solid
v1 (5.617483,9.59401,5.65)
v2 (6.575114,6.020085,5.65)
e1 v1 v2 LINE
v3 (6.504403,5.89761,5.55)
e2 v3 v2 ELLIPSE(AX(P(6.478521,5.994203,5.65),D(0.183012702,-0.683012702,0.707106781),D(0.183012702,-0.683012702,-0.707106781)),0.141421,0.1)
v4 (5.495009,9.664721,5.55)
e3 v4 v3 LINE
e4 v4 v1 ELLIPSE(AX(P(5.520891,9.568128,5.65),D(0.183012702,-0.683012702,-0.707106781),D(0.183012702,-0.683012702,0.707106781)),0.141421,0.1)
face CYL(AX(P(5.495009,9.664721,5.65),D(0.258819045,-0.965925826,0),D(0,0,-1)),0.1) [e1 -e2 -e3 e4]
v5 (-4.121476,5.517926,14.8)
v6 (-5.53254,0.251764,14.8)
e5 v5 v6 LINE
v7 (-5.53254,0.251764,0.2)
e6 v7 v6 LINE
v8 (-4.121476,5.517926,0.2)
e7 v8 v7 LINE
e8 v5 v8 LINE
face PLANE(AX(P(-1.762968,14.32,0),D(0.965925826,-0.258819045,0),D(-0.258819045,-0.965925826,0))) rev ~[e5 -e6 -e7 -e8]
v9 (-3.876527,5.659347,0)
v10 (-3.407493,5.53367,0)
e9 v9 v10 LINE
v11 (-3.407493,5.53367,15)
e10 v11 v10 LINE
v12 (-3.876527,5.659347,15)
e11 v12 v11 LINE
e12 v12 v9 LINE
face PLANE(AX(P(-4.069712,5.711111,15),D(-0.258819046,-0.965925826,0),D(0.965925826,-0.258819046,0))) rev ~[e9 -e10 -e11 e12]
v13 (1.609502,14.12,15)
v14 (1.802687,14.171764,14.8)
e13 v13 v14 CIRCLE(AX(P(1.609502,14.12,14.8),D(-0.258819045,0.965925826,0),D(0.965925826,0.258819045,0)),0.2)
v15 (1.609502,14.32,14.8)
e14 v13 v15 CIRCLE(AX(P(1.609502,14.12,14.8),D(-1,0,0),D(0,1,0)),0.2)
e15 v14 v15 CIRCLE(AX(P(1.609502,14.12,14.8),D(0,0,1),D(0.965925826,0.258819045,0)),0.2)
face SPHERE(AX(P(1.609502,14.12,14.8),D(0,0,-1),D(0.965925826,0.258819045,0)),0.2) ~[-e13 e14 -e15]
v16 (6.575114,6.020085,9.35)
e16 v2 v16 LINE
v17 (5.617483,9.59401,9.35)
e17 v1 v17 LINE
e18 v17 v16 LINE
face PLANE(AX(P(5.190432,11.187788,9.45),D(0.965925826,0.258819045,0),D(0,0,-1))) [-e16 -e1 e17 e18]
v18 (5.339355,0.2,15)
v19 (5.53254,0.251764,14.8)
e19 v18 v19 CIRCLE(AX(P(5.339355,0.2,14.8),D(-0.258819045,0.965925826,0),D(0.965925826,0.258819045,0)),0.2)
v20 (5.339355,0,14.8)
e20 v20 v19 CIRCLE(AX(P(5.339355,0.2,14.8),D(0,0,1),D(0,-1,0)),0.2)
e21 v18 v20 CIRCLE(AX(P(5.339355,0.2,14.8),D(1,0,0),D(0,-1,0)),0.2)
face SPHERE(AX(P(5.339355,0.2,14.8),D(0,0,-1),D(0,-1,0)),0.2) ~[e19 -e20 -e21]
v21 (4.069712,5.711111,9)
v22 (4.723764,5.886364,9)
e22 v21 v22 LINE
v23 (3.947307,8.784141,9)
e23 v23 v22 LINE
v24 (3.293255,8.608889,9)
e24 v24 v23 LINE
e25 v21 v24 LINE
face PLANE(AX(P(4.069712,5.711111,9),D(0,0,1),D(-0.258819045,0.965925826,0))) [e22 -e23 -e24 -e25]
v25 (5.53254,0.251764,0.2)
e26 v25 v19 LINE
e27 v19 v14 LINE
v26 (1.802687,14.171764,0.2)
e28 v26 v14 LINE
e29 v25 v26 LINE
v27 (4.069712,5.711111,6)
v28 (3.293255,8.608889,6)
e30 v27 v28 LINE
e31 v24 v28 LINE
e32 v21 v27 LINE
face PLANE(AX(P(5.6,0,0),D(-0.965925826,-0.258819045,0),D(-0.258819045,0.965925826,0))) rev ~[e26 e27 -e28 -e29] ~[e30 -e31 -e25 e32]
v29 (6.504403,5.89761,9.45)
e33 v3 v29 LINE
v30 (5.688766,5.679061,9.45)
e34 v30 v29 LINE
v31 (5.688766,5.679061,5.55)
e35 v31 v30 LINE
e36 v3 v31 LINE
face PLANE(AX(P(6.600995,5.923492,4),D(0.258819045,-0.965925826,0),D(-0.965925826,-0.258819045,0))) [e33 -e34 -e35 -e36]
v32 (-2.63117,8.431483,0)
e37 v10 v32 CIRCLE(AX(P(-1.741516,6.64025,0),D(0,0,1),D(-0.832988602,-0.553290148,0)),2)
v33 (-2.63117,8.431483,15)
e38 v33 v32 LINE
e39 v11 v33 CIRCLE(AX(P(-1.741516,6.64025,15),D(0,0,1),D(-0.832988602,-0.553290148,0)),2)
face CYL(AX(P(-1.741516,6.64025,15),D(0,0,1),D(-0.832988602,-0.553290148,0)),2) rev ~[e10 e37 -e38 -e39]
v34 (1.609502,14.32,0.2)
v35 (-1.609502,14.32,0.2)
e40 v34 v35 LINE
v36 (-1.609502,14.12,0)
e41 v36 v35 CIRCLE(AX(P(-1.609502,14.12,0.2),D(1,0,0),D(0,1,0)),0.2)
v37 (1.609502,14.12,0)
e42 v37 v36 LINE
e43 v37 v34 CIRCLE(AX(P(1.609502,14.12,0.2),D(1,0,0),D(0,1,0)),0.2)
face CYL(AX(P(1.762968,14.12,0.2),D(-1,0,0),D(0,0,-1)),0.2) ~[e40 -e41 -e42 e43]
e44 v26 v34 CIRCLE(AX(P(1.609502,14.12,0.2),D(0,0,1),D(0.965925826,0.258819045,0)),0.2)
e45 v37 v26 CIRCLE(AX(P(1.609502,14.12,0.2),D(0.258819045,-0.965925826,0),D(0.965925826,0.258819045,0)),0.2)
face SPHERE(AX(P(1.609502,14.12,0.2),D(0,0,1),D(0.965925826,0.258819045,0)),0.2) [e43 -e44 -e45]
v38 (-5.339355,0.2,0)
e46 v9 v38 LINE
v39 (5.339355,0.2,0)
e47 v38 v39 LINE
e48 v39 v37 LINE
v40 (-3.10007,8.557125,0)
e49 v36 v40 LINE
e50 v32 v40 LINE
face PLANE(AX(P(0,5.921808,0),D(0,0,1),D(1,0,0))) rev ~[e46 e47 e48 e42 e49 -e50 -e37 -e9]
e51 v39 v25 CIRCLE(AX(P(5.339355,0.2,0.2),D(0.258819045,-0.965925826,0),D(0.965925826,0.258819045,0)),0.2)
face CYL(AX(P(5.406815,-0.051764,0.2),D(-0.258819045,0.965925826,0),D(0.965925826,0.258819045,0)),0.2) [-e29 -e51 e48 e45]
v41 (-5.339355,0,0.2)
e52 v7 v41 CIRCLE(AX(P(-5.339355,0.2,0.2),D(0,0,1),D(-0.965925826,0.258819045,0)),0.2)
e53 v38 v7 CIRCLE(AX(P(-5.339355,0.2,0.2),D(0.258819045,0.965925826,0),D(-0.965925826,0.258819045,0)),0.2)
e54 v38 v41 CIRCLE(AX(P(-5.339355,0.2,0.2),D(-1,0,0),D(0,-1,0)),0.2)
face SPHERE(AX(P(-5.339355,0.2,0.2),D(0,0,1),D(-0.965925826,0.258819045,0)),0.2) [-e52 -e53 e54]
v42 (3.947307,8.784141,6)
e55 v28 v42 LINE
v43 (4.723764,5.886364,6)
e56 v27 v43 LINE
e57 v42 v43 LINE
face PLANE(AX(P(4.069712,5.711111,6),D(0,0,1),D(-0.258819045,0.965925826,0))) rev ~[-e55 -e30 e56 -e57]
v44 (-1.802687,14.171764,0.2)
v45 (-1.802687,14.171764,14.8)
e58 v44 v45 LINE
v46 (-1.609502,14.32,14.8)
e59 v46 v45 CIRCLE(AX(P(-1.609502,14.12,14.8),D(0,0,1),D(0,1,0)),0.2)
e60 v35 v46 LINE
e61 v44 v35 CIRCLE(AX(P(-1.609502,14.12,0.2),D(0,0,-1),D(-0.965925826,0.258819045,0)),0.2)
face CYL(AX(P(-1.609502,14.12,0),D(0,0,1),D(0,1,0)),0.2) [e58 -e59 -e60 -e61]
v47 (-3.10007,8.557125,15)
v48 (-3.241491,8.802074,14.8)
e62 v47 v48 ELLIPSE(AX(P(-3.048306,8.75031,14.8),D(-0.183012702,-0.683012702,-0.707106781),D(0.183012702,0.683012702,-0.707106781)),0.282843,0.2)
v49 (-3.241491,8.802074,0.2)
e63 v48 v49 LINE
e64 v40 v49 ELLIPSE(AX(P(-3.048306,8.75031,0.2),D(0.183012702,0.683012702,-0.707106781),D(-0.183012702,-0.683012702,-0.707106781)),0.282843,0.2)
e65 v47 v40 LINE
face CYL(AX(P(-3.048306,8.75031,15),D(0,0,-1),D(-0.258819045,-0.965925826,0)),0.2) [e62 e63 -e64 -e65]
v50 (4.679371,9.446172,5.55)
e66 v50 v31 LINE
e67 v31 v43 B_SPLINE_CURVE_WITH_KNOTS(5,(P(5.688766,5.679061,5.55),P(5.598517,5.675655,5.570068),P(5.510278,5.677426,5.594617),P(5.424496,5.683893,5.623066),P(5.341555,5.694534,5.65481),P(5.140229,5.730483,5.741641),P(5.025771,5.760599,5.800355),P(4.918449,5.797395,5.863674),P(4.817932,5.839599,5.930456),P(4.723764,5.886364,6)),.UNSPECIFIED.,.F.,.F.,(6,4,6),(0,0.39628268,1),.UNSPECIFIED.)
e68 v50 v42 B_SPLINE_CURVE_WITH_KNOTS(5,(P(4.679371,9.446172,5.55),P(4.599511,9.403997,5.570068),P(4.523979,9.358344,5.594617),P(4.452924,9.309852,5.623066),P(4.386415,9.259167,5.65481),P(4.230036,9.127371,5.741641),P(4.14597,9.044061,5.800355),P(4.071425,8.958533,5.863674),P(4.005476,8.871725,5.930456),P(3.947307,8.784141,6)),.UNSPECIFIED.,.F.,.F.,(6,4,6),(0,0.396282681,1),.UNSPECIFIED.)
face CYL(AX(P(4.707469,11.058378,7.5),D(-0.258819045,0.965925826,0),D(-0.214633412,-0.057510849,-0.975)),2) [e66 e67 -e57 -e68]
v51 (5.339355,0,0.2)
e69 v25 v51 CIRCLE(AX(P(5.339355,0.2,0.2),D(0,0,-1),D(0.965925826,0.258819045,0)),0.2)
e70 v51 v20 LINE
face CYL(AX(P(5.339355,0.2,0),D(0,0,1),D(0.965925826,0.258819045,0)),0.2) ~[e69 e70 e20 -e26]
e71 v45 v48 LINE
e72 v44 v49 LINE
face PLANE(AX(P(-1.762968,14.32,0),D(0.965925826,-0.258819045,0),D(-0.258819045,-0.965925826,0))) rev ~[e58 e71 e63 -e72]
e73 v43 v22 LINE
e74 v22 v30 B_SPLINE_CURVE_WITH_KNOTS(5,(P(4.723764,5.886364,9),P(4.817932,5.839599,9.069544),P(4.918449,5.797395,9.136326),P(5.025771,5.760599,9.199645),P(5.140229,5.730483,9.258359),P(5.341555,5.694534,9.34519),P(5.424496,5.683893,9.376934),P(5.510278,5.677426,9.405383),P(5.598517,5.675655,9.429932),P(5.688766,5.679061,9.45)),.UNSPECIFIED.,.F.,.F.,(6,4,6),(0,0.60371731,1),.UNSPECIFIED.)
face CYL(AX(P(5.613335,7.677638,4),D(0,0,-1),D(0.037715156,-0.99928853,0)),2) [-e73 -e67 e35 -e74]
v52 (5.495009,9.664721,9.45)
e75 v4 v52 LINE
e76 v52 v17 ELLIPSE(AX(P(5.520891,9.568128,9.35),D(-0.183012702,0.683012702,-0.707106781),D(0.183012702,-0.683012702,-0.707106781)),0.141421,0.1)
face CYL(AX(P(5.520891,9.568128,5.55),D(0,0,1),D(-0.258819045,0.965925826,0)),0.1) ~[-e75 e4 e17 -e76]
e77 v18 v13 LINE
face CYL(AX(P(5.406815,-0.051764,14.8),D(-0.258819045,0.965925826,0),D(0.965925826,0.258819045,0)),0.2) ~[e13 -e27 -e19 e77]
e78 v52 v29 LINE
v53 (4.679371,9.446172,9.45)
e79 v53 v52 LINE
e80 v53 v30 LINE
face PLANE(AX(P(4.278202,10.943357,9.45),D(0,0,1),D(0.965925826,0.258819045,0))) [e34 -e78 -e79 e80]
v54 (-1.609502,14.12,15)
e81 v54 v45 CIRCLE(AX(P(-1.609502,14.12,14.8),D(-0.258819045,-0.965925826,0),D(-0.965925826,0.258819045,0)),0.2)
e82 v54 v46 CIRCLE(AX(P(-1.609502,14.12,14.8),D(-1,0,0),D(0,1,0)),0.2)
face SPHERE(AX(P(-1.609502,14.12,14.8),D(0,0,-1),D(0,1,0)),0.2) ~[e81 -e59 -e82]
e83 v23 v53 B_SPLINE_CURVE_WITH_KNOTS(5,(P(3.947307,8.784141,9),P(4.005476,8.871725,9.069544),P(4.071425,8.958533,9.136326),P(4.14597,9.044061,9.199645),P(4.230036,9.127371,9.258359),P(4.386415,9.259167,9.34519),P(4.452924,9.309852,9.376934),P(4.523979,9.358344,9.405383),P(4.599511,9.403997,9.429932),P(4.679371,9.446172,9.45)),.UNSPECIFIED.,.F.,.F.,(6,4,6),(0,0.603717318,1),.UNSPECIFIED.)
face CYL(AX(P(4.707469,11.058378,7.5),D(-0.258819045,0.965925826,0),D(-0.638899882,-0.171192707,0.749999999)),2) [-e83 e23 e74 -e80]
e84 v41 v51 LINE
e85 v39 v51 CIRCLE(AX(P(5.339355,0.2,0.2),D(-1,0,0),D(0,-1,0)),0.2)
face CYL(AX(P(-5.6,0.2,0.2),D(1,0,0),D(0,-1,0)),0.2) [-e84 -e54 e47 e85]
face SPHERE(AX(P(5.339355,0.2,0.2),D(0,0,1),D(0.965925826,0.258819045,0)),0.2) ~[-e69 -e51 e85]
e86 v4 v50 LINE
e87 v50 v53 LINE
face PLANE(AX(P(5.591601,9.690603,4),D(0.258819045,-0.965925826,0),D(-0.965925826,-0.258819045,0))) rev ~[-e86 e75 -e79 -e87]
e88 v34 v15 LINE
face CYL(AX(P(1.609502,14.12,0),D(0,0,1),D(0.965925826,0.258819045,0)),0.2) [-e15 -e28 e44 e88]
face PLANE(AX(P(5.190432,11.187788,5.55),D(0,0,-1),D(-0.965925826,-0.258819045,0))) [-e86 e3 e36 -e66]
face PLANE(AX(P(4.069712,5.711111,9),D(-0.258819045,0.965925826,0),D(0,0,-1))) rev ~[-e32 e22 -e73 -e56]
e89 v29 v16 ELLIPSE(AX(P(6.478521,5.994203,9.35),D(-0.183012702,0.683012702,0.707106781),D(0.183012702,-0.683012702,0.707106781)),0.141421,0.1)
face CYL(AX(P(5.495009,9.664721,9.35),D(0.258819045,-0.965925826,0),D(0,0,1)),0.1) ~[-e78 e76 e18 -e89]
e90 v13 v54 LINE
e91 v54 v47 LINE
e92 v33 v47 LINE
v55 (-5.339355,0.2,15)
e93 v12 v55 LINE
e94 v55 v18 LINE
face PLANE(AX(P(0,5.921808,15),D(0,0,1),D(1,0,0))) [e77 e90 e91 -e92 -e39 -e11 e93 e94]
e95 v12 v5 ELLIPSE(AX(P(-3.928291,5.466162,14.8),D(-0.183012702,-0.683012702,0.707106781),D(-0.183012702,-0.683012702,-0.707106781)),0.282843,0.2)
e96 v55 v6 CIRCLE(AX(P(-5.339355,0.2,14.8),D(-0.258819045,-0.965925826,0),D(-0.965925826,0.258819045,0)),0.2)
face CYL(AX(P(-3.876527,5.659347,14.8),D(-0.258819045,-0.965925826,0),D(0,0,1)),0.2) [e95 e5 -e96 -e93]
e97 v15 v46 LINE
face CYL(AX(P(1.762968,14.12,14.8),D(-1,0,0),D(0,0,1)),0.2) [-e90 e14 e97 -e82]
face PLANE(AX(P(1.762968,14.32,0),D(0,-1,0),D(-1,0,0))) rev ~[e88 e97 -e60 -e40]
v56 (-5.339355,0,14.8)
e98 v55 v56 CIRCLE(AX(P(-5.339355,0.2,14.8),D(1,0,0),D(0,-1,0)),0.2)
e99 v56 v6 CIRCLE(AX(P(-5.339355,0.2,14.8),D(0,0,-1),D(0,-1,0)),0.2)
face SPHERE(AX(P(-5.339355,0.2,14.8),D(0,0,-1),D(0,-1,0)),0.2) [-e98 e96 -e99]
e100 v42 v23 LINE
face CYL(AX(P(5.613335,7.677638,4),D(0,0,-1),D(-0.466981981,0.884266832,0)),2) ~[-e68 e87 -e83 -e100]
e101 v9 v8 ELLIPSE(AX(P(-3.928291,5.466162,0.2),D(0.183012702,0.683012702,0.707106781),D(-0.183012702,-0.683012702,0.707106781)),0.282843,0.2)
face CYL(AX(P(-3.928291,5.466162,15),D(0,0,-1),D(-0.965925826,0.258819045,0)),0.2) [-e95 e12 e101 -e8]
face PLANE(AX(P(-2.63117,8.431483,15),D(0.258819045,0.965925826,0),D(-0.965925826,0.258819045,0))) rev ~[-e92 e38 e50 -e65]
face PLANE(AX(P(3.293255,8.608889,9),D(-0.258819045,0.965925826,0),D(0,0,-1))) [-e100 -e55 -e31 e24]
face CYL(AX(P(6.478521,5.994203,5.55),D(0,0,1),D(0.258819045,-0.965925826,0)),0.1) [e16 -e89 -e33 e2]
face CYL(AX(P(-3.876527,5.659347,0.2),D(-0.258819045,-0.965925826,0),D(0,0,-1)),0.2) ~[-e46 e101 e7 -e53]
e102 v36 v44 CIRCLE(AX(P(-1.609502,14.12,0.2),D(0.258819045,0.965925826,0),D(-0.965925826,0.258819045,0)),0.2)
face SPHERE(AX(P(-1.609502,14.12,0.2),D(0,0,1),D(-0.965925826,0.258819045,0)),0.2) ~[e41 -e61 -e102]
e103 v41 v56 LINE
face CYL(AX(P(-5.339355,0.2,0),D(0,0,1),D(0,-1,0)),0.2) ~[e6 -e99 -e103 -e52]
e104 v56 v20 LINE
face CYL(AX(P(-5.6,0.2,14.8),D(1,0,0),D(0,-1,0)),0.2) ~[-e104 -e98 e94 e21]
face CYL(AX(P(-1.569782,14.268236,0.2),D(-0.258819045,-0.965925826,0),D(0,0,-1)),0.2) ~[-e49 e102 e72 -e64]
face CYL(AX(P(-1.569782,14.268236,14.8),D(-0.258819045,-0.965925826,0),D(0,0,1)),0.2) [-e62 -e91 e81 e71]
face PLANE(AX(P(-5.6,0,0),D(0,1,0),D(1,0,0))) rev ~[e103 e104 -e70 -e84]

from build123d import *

# Parameters (mm, degrees)
EXTRUDE_1_DEPTH           = 15
CUT_EXTRUDE_1_DEPTH       = 15
SKETCH_5_W                = 3
SKETCH_5_H                = 3
EXTRUDE_2_DEPTH           = 0.68
EXTRUDE_3_DEPTH           = 5
EXTRUDE_3_DEPTH_BACK      = 5
CUT_EXTRUDE_11_DEPTH      = 5
CUT_EXTRUDE_11_DEPTH_BACK = 5
FILLET_1_R                = 0.2
FILLET_5_R                = 0.1


with BuildPart() as part:
    # 草图1 → 凸台-拉伸1 (new body)
    with BuildSketch(Plane.XY):
        Polygon((-5.6, 0), (5.6, 0), (1.762967564, 14.32), (-1.762967564, 14.32), align=None)
    extrude(amount=EXTRUDE_1_DEPTH)

    # 草图2 → 切除-拉伸1 (cut)
    with BuildSketch(Plane.XY.offset(15)):
        with BuildLine():
            Line((-3.681483782, 7.16), (-4.06971235, 5.711111261))
            Line((-4.06971235, 5.711111261), (-3.407492768, 5.533670058))
            ThreePointArc((-3.407492768, 5.533670058), (0.190360002, 6.122701516), (-2.631169509, 8.431483409))
            Line((-2.631169509, 8.431483409), (-3.293255215, 8.608888739))
            Line((-3.293255215, 8.608888739), (-3.681483782, 7.16))
        make_face()
    extrude(amount=-CUT_EXTRUDE_1_DEPTH, mode=Mode.SUBTRACT)

    # 草图5 → 凸台-拉伸2 (add)
    with BuildSketch(Plane(origin=(5.224871131, 1.4, 0), x_dir=(0, 0, -1), z_dir=(0.9659258262890671, 0.2588190451025256, 0))):
        with Locations((-7.5, 5.963190799)):
            Rectangle(SKETCH_5_W, SKETCH_5_H)
    extrude(amount=EXTRUDE_2_DEPTH)

    # 草图6 → 凸台-拉伸3 (add, two sides: drawn at the far end of the back side and taken through both)
    with BuildSketch(Plane(origin=(-1.155158781, 4.311111261, 0), x_dir=(0.965925826289067, 0.2588190451025257, 0), z_dir=(0.2588190451025257, -0.965925826289067, 0)).offset(-EXTRUDE_3_DEPTH_BACK)):
        with BuildLine():
            Line((7.909184627, 5.55), (6.964774906, 5.55))
            ThreePointArc((6.964774906, 5.55), (6.497346154, 5.719957697), (6.086308972, 6))
            Line((6.086308972, 6), (6.086308972, 9))
            ThreePointArc((6.086308972, 9), (6.497346154, 9.280042303), (6.964774906, 9.45))
            Line((6.964774906, 9.45), (7.909184627, 9.45))
            Line((7.909184627, 9.45), (7.909184627, 5.55))
        make_face()
    extrude(amount=EXTRUDE_3_DEPTH + EXTRUDE_3_DEPTH_BACK)

    # 草图7 → 切除-拉伸11 (cut, two sides: drawn at the far end of the back side and taken through both)
    with BuildSketch(Plane.XY.offset(9).offset(-CUT_EXTRUDE_11_DEPTH_BACK)):
        with BuildLine():
            Line((5.59160121, 9.690602974), (4.67937147, 9.446171752))
            ThreePointArc((4.67937147, 9.446171752), (4.271858255, 9.16102576), (3.947307106, 8.784141416))
            Line((3.947307106, 8.784141416), (3.429669016, 10.715993068))
            Line((3.429669016, 10.715993068), (4.27820195, 10.943356783))
            Line((4.27820195, 10.943356783), (5.19043169, 11.187788005))
            Line((5.19043169, 11.187788005), (5.59160121, 9.690602974))
        make_face()
        with BuildLine():
            Line((6.600995486, 5.923492251), (5.688765746, 5.679061029))
            ThreePointArc((5.688765746, 5.679061029), (5.193275954, 5.722248095), (4.723764242, 5.886363937))
            Line((4.723764242, 5.886363937), (6.017859467, 1.056734805))
            Line((6.017859467, 1.056734805), (6.866392401, 1.28409852))
            Line((6.866392401, 1.28409852), (7.778622141, 1.528529742))
            Line((7.778622141, 1.528529742), (6.600995486, 5.923492251))
        make_face()
    extrude(amount=CUT_EXTRUDE_11_DEPTH + CUT_EXTRUDE_11_DEPTH_BACK, mode=Mode.SUBTRACT)

    # 圆角1
    fillet_1_edges = [part.edges().sort_by_distance(p)[0] for p in [
        (0, 0, 15),
        (3.681483782, 7.16, 15),
        (-4.834856175, 2.85555563, 0),
        (-4.834856175, 2.85555563, 15),
        (-3.293255215, 8.608888739, 7.5),
        (-4.06971235, 5.711111261, 7.5),
        (0, 14.32, 15),
        (3.681483782, 7.16, 0),
        (0, 0, 0),
        (-2.528111389, 11.46444437, 0),
        (0, 14.32, 0),
        (-2.528111389, 11.46444437, 15),
        (1.762967564, 14.32, 7.5),
        (5.6, 0, 7.5),
        (-5.6, 0, 7.5),
        (-1.762967564, 14.32, 7.5),
    ]]
    fillet(fillet_1_edges, radius=FILLET_1_R)

    # 圆角5
    fillet_5_edges = [part.edges().sort_by_distance(p)[0] for p in [
        (6.096298348, 7.807047613, 9.45),
        (6.096298348, 7.807047613, 5.55),
        (5.59160121, 9.690602974, 7.5),
        (6.600995486, 5.923492251, 7.5),
    ]]
    fillet(fillet_5_edges, radius=FILLET_5_R)


solid = part.part
